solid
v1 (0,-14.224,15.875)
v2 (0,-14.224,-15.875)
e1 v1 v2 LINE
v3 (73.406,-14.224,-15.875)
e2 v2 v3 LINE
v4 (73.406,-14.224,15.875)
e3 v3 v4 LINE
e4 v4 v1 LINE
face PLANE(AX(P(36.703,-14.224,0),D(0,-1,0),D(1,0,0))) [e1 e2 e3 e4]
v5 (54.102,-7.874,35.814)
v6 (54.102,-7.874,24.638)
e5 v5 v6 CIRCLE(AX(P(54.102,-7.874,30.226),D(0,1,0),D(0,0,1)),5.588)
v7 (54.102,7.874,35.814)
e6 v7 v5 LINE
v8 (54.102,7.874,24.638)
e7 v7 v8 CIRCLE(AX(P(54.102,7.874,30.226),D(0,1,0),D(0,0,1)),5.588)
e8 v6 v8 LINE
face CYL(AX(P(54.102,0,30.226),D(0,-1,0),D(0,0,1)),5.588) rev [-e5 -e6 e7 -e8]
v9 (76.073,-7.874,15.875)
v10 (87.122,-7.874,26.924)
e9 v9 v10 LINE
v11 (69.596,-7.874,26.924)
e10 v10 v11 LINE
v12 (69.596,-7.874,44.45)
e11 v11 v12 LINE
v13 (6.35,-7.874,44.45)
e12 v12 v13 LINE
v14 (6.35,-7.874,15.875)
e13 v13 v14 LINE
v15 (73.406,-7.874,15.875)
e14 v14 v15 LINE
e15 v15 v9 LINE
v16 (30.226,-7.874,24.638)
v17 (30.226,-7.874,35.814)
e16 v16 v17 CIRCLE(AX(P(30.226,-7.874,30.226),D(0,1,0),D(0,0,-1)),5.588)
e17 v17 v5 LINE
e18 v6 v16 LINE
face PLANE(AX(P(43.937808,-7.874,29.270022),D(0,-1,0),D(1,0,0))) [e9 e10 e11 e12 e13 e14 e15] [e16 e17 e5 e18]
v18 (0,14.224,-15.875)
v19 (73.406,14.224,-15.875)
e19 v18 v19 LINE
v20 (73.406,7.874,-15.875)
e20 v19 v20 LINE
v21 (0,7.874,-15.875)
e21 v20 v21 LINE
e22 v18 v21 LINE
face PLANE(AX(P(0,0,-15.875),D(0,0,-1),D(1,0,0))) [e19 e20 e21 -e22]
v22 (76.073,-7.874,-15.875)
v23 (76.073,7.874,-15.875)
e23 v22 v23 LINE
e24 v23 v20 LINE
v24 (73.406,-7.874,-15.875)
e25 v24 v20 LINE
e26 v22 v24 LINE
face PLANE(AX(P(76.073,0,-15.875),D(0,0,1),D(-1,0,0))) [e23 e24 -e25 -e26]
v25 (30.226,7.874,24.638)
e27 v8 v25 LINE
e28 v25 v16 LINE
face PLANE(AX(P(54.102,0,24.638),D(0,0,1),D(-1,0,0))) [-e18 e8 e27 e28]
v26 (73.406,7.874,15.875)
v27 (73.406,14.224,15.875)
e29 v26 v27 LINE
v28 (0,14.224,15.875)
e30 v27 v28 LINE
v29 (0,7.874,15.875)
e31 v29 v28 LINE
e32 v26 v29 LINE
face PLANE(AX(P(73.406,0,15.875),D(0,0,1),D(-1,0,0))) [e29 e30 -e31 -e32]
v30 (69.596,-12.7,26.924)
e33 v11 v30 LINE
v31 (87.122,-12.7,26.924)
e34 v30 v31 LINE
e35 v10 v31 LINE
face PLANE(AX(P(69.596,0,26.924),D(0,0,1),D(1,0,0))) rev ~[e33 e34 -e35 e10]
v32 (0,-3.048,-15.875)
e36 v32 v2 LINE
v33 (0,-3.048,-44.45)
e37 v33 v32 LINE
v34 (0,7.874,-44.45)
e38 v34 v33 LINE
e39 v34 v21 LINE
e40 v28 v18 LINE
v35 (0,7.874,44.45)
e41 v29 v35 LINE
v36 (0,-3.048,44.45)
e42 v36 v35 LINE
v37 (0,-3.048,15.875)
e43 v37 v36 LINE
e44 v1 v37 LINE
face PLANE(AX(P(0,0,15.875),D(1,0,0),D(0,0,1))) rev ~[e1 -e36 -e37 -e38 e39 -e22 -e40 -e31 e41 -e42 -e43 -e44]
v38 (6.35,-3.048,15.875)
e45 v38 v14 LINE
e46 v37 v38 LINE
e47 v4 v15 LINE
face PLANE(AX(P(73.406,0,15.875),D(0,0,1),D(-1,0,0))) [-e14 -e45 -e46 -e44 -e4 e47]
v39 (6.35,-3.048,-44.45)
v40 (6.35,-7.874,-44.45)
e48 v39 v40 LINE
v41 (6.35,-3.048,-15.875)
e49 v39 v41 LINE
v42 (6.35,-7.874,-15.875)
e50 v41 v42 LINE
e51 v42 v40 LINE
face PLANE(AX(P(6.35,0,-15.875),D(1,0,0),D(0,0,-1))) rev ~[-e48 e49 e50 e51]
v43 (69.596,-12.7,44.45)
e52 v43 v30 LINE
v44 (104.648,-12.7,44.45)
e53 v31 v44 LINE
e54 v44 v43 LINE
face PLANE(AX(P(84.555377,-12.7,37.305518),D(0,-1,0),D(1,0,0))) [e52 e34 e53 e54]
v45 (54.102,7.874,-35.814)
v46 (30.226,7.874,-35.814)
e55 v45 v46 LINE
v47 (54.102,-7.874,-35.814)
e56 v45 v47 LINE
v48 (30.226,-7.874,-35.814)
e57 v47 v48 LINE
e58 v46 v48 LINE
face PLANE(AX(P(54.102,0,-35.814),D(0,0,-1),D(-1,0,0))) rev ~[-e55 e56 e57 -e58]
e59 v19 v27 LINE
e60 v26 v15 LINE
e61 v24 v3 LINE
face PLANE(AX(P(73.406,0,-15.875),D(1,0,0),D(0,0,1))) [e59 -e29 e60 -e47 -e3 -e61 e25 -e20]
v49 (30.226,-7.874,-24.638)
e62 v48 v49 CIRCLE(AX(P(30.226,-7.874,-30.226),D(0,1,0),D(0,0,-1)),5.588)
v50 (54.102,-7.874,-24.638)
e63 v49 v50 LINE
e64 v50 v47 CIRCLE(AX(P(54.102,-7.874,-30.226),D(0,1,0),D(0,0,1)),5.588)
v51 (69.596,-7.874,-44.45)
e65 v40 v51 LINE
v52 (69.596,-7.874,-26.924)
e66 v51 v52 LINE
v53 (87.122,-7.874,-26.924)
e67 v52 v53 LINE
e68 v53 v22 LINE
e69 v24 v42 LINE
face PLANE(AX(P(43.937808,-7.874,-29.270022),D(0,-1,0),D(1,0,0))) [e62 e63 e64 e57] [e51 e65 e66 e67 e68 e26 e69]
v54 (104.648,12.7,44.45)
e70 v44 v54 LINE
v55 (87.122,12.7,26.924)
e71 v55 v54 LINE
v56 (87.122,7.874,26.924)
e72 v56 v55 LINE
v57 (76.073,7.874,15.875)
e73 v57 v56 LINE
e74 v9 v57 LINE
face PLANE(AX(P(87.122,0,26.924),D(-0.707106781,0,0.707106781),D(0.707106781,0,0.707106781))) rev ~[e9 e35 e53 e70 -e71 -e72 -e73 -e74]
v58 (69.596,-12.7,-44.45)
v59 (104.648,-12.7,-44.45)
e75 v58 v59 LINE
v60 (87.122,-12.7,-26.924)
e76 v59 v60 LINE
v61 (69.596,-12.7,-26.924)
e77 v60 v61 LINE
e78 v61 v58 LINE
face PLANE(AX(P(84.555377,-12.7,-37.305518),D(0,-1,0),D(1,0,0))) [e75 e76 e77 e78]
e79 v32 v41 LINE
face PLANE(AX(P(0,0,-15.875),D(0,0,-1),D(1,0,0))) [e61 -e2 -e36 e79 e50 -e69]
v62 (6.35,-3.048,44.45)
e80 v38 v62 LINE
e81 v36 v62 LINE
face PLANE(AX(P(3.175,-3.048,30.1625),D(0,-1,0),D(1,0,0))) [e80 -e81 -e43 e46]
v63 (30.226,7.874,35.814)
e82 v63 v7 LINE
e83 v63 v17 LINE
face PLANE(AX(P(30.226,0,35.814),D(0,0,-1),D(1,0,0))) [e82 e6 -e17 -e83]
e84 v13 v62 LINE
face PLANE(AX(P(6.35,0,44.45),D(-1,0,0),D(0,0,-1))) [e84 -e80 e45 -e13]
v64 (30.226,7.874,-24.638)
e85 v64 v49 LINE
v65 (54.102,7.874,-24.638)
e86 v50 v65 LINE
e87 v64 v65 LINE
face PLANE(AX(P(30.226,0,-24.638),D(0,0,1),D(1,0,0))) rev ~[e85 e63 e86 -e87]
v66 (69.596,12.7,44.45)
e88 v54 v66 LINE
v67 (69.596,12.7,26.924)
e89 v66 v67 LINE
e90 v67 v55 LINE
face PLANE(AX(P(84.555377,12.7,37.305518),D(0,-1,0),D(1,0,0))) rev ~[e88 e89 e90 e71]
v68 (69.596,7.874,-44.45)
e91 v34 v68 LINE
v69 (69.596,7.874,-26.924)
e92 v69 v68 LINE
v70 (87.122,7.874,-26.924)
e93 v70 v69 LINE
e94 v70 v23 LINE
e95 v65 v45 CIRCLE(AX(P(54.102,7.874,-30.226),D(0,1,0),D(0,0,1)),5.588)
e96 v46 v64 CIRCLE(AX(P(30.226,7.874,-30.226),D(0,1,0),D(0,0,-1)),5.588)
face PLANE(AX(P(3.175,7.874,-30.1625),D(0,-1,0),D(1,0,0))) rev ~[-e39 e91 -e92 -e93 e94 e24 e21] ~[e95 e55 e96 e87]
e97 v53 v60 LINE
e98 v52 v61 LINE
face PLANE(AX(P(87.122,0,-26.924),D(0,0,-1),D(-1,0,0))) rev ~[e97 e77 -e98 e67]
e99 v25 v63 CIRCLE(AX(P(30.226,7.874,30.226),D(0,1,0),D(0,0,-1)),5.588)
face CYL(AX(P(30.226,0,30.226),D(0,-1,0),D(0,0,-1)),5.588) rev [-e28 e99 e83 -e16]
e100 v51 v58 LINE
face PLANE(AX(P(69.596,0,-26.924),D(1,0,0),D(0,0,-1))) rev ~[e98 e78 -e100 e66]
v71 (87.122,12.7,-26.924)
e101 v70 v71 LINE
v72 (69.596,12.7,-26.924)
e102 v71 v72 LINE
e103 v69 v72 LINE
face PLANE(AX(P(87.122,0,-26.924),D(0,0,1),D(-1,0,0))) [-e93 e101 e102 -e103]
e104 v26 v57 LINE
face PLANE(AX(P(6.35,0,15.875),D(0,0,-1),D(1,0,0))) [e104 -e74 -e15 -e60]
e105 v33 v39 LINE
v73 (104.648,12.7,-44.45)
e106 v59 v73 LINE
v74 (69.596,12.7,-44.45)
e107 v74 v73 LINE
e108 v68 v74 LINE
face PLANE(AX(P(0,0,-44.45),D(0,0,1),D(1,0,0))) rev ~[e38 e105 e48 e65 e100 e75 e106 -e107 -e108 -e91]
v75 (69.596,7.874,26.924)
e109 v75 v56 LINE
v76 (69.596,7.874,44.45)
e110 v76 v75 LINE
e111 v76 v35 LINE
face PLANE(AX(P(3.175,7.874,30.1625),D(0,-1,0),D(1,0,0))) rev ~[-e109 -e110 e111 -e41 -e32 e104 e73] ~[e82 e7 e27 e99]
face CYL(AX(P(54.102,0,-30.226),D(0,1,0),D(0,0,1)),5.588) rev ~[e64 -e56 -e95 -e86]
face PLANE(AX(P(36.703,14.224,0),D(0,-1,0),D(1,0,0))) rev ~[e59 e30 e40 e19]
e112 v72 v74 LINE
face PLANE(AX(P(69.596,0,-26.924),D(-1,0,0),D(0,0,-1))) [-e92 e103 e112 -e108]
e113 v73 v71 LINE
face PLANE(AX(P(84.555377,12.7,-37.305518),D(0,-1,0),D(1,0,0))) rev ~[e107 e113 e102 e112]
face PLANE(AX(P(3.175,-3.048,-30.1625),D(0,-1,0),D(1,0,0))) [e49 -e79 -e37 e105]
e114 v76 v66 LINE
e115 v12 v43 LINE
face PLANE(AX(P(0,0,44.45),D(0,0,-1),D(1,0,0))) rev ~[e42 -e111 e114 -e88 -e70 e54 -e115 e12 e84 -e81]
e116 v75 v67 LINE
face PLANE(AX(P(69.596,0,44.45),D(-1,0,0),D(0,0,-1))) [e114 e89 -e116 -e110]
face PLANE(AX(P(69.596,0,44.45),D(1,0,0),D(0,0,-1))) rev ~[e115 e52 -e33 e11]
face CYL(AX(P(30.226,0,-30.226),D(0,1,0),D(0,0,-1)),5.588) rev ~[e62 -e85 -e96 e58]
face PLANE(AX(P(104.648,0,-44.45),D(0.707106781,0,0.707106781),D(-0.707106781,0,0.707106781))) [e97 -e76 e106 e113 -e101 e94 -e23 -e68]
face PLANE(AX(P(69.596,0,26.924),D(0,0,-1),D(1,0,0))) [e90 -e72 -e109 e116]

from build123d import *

# Parameters (mm, degrees)
F1_DEPTH      = 14.224
F1_DEPTH_BACK = 14.224
F2_DEPTH      = 7.874
F2_DEPTH_BACK = 7.874
F3_DEPTH      = 12.7
F3_DEPTH_BACK = 12.7
F0_W          = 6.35
F0_H          = 28.575
F4_DEPTH      = 3.048
F4_DEPTH_BACK = 7.874


with BuildPart() as f1:
    # F0 (on Front) → F1 (new body, two sides)
    with BuildSketch(Plane.XZ) as f1_sk:
        Polygon((6.35, 15.875), (0, 15.875), (0, -15.875), (6.35, -15.875), (73.406, -15.875), (73.406, 15.875), align=None)
    extrude(amount=F1_DEPTH)
    extrude(f1_sk.sketch, amount=-F1_DEPTH_BACK)

    # F0 (on Front) → F2 (join, two sides)
    with BuildSketch(Plane.XZ) as f2_sk:
        Polygon((69.596, 44.45), (6.35, 44.45), (6.35, 15.875), (73.406, 15.875), (76.073, 15.875), (87.122, 26.924), (69.596, 26.924), align=None)
        with BuildLine():
            ThreePointArc((30.226, 24.638), (24.638, 30.226), (30.226, 35.814))
            Line((30.226, 35.814), (54.102, 35.814))
            ThreePointArc((54.102, 35.814), (59.69, 30.226), (54.102, 24.638))
            Line((54.102, 24.638), (30.226, 24.638))
        make_face(mode=Mode.SUBTRACT)
        Polygon((73.406, -15.875), (6.35, -15.875), (6.35, -44.45), (69.596, -44.45), (69.596, -26.924), (87.122, -26.924), (76.073, -15.875), align=None)
        with BuildLine():
            Line((54.102, -35.814), (30.226, -35.814))
            ThreePointArc((30.226, -35.814), (24.638, -30.226), (30.226, -24.638))
            Line((30.226, -24.638), (54.102, -24.638))
            ThreePointArc((54.102, -24.638), (59.69, -30.226), (54.102, -35.814))
        make_face(mode=Mode.SUBTRACT)
        Polygon((104.648, 44.45), (69.596, 44.45), (69.596, 26.924), (87.122, 26.924), align=None)
        Polygon((69.596, -26.924), (69.596, -44.45), (104.648, -44.45), (87.122, -26.924), align=None)
    extrude(amount=F2_DEPTH)
    extrude(f2_sk.sketch, amount=-F2_DEPTH_BACK)

    # F0 (on Front) → F3 (join, two sides)
    with BuildSketch(Plane.XZ) as f3_sk:
        Polygon((104.648, 44.45), (69.596, 44.45), (69.596, 26.924), (87.122, 26.924), align=None)
        Polygon((69.596, -26.924), (69.596, -44.45), (104.648, -44.45), (87.122, -26.924), align=None)
    extrude(amount=F3_DEPTH)
    extrude(f3_sk.sketch, amount=-F3_DEPTH_BACK)

    # F0 (on Front) → F4 (join, two sides)
    with BuildSketch(Plane.XZ) as f4_sk:
        with Locations((3.175, 30.1625)):
            Rectangle(F0_W, F0_H)
        with Locations((3.175, -30.1625)):
            Rectangle(F0_W, F0_H)
    extrude(amount=F4_DEPTH)
    extrude(f4_sk.sketch, amount=-F4_DEPTH_BACK)


solid = f1.part
